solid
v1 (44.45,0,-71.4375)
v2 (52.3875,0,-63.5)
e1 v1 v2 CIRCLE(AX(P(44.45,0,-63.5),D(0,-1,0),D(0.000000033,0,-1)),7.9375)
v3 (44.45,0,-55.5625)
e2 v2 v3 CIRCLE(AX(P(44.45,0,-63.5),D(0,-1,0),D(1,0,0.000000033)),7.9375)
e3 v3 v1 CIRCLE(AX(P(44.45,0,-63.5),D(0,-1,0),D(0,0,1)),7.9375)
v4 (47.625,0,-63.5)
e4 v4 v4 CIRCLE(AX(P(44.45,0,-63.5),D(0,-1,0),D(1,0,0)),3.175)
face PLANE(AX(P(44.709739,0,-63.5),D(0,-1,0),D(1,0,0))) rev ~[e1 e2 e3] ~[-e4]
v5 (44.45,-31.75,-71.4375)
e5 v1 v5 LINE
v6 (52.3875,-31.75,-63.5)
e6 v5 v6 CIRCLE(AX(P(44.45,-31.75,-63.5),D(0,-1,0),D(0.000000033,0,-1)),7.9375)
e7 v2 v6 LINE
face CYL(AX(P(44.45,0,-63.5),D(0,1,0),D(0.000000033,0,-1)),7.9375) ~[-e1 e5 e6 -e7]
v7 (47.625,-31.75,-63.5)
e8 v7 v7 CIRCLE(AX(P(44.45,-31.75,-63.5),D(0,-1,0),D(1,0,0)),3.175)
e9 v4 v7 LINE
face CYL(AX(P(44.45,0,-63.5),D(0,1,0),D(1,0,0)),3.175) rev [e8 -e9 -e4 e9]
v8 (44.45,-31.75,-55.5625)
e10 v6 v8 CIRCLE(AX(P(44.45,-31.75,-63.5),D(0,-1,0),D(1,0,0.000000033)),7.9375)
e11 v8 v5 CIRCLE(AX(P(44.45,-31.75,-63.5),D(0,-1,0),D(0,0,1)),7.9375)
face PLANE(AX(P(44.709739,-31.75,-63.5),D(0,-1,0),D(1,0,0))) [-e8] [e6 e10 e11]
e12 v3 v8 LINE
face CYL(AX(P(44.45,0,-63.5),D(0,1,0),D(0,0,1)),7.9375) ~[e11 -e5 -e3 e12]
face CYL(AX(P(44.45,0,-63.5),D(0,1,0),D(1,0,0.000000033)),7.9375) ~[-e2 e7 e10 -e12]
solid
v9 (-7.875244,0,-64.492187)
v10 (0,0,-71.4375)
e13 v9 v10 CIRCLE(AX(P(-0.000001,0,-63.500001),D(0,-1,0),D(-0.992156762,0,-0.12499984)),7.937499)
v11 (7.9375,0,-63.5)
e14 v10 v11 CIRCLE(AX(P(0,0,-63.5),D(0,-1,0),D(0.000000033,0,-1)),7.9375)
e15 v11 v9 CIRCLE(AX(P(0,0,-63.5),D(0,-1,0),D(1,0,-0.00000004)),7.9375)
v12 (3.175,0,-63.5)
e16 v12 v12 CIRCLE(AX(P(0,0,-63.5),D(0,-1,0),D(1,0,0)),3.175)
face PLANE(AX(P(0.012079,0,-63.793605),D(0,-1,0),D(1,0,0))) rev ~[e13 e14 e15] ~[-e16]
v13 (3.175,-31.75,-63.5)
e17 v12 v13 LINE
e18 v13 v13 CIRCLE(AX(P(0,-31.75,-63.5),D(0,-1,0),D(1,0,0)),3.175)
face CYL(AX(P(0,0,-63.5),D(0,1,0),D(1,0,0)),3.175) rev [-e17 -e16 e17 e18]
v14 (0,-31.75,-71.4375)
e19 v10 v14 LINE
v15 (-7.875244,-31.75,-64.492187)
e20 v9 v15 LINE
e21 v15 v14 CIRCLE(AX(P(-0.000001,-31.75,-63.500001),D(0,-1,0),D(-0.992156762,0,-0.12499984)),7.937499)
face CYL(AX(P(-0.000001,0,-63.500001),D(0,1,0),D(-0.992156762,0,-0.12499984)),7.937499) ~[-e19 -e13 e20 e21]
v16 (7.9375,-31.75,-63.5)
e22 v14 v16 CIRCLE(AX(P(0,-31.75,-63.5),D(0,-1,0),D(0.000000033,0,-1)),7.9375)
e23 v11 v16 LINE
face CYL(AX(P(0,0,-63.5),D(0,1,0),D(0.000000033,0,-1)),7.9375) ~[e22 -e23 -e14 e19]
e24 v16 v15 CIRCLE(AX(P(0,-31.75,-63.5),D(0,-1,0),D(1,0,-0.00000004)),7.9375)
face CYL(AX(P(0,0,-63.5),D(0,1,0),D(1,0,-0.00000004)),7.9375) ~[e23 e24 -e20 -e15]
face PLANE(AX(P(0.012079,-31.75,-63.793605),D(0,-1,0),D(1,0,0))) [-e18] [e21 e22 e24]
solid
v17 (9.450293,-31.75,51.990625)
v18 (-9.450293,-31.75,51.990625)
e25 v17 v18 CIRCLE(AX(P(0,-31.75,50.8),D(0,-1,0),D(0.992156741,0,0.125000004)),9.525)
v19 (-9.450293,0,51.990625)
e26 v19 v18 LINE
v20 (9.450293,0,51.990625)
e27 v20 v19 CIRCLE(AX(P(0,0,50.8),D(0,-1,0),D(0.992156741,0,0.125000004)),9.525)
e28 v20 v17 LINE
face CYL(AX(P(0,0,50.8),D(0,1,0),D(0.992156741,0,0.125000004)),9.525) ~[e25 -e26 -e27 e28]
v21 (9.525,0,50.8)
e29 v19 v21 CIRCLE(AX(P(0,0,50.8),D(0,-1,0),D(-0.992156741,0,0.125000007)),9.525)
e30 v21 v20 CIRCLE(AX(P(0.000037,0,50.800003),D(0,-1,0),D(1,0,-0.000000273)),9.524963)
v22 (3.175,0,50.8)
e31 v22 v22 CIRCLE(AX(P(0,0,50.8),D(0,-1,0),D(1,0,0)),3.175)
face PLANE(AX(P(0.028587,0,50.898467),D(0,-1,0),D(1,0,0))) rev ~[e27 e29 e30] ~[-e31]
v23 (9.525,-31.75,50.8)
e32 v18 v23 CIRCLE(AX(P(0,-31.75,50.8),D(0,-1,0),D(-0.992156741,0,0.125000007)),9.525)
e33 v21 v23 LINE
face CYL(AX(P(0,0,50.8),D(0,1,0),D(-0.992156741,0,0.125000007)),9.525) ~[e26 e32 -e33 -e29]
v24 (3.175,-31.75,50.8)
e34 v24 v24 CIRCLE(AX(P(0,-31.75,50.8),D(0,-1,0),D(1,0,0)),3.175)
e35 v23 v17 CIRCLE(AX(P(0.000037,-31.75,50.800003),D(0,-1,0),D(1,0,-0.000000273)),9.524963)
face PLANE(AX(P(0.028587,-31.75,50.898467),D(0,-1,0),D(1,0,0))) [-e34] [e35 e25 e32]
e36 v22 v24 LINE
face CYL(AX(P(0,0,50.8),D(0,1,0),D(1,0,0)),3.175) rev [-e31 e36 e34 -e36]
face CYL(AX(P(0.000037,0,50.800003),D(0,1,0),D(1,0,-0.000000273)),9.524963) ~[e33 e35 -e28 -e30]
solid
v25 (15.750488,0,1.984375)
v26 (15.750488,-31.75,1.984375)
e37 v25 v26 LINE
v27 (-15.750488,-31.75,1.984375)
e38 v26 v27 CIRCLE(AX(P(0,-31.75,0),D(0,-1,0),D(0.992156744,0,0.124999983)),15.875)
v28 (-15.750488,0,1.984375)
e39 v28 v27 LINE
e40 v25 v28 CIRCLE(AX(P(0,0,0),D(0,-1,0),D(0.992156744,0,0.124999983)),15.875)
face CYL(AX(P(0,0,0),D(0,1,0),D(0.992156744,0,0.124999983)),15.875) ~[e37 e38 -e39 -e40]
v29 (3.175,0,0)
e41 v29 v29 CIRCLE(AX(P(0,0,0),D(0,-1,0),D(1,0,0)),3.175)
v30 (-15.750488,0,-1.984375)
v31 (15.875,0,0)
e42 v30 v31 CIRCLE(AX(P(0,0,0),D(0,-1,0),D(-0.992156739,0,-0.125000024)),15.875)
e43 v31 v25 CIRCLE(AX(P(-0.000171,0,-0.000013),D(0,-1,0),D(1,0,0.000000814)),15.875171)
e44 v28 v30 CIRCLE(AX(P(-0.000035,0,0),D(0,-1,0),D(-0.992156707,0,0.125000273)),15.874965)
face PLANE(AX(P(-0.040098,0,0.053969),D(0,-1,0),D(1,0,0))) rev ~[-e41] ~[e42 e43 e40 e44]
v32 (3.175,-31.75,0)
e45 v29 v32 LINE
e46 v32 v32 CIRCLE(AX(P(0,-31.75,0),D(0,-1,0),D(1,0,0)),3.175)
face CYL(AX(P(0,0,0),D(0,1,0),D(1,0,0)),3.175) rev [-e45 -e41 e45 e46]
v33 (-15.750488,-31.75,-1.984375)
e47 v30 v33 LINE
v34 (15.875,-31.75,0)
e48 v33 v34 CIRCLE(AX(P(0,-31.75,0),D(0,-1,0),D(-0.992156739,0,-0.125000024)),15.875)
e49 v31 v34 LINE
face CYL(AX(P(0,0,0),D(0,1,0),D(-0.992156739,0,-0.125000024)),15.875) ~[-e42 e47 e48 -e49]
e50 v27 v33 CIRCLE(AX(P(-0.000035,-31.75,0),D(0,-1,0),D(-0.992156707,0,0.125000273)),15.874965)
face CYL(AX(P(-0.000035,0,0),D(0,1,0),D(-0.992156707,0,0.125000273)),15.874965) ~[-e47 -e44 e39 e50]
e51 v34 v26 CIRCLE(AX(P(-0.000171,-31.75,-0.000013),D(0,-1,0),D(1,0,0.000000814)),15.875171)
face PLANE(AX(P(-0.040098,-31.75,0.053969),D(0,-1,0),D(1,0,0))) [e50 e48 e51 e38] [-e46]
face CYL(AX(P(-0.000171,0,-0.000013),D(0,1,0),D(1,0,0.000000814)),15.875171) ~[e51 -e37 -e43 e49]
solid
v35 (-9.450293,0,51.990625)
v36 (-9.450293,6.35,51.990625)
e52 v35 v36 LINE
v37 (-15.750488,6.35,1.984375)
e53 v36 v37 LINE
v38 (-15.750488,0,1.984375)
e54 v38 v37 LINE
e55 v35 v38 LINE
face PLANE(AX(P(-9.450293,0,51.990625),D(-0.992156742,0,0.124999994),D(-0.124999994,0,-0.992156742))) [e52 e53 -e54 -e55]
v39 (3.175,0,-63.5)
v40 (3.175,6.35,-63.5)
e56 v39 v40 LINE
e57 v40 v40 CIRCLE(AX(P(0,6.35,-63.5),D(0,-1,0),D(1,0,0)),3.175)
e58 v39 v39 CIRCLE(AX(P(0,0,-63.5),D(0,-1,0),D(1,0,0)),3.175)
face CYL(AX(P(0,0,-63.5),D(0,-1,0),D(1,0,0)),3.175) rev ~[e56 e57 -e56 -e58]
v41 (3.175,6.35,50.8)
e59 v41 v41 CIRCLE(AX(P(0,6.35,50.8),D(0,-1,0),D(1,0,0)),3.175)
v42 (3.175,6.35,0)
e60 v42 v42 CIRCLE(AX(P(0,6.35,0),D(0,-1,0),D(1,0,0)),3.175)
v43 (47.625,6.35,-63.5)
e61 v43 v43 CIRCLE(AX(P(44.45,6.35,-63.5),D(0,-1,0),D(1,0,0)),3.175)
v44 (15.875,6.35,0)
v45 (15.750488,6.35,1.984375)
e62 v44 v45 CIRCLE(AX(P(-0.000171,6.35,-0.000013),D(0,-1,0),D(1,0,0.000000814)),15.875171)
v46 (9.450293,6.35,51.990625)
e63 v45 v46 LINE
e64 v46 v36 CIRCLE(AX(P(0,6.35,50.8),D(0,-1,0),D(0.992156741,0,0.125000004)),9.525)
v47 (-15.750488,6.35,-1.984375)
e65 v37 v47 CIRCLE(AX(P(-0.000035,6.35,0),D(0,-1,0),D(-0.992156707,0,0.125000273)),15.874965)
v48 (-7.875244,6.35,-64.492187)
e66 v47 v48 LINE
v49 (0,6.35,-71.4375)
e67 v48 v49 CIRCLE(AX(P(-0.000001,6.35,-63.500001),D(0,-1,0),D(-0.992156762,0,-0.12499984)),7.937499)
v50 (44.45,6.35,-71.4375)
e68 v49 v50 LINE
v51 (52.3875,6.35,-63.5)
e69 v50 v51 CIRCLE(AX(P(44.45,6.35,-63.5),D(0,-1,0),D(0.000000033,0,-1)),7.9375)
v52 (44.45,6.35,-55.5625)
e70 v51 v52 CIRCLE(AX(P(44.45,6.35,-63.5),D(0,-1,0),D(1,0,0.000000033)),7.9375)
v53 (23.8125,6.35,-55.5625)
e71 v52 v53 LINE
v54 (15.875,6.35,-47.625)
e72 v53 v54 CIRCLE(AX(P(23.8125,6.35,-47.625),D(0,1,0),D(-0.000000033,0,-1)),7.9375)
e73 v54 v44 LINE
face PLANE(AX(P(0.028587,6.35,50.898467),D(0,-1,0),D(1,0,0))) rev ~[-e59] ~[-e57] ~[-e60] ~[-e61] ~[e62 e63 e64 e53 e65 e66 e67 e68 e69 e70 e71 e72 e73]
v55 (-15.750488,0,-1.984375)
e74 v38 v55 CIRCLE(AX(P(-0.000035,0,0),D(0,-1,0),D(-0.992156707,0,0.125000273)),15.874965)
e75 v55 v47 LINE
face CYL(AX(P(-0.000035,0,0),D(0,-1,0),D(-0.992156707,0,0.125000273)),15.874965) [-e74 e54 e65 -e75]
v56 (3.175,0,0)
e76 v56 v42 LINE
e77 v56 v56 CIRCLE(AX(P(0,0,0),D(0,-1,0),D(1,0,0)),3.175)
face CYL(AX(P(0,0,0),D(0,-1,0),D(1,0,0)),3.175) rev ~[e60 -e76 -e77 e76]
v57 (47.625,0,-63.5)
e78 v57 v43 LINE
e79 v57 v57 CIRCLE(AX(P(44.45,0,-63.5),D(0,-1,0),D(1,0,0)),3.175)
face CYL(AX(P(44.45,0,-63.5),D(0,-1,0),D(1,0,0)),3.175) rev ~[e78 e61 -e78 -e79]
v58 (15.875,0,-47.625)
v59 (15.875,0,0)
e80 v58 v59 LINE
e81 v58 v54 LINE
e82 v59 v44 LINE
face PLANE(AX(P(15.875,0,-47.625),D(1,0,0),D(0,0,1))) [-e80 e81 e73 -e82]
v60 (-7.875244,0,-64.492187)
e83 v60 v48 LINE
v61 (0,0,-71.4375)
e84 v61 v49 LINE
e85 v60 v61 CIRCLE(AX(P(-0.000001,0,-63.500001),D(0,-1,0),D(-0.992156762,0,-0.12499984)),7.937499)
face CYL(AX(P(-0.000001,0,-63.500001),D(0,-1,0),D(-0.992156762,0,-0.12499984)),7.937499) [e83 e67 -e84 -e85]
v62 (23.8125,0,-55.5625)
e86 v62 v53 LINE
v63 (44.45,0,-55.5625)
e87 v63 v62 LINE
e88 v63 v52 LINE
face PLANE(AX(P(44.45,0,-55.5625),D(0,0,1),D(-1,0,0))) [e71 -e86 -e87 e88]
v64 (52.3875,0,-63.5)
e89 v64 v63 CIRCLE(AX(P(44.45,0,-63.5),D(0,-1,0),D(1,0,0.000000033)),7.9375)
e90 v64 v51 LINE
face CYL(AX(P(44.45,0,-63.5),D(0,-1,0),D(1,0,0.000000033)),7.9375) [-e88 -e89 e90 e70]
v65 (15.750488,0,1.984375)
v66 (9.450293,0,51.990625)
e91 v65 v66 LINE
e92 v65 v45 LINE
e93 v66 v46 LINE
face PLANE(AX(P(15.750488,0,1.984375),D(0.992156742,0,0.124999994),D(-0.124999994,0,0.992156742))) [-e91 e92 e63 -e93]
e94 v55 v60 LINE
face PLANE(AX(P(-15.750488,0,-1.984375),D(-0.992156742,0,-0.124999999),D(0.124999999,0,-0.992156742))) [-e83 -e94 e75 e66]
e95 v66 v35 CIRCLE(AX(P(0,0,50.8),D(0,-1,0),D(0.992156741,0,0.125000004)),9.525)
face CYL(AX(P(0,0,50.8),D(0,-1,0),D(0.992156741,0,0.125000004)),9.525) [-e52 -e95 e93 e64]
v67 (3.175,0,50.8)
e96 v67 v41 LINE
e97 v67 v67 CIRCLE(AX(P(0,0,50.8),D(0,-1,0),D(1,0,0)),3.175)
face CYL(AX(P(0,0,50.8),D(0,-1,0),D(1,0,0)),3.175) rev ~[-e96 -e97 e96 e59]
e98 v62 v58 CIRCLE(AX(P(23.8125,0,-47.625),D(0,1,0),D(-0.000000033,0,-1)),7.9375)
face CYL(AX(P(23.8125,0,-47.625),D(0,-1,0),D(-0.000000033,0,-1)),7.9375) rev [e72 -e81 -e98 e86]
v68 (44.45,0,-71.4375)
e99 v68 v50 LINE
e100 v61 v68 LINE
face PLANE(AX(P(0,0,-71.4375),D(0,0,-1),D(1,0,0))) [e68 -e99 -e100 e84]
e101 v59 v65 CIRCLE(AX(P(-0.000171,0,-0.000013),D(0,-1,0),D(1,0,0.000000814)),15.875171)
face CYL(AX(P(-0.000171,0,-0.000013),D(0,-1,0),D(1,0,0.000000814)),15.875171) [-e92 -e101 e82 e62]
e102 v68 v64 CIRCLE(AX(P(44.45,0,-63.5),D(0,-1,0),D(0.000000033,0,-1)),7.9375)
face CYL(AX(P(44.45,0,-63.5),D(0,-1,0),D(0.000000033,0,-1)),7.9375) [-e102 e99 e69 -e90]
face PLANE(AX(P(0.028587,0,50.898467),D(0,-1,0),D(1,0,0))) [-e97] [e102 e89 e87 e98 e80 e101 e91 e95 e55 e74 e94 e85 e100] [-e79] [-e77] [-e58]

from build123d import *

# Parameters (mm, degrees)
F0_R     = 3.175
F1_DEPTH = 31.75
F2_DEPTH = 6.35


with BuildPart() as f1:
    # F0 (on Front) → F1 (new body)
    with BuildSketch(Plane.XZ):
        with BuildLine():
            ThreePointArc((9.525, 50.8), (9.506305, 51.396483), (9.450293, 51.990625))
            ThreePointArc((9.450293, 51.990625), (0, 60.325), (-9.450293, 51.990625))
            ThreePointArc((-9.450293, 51.990625), (-0.596483, 41.293695), (9.525, 50.8))
        make_face()
        with Locations((0, 50.8)):
            Circle(F0_R, mode=Mode.SUBTRACT)
        with BuildLine():
            ThreePointArc((7.9375, -63.5), (-0.497069, -55.578079), (-7.875244, -64.492187))
            ThreePointArc((-7.875244, -64.492187), (-5.250163, -69.453125), (0, -71.4375))
            ThreePointArc((0, -71.4375), (5.61266, -69.11266), (7.9375, -63.5))
        make_face()
        with Locations((0, -63.5)):
            Circle(F0_R, mode=Mode.SUBTRACT)
        with BuildLine():
            ThreePointArc((52.3875, -63.5), (50.06266, -57.88734), (44.45, -55.5625))
            ThreePointArc((44.45, -55.5625), (36.5125, -63.5), (44.45, -71.4375))
            ThreePointArc((44.45, -71.4375), (50.06266, -69.11266), (52.3875, -63.5))
        make_face()
        with Locations((44.45, -63.5)):
            Circle(F0_R, mode=Mode.SUBTRACT)
        with BuildLine():
            ThreePointArc((-15.750488, -1.984375), (0.994139, -15.843841), (15.875, 0))
            ThreePointArc((15.875, 0), (15.843841, 0.994139), (15.750488, 1.984375))
            ThreePointArc((15.750488, 1.984375), (0, 15.875), (-15.750488, 1.984375))
            ThreePointArc((-15.750488, 1.984375), (-15.875, 0), (-15.750488, -1.984375))
        make_face()
        Circle(F0_R, mode=Mode.SUBTRACT)
    extrude(amount=F1_DEPTH)


with BuildPart() as f2:
    # F0 (on Front) → F2 (new body)
    with BuildSketch(Plane.XZ):
        with BuildLine():
            ThreePointArc((9.525, 50.8), (9.506305, 51.396483), (9.450293, 51.990625))
            ThreePointArc((9.450293, 51.990625), (0, 60.325), (-9.450293, 51.990625))
            ThreePointArc((-9.450293, 51.990625), (-0.596483, 41.293695), (9.525, 50.8))
        make_face()
        with Locations((0, 50.8)):
            Circle(F0_R, mode=Mode.SUBTRACT)
        with BuildLine():
            ThreePointArc((-15.750488, 1.984375), (0, 15.875), (15.750488, 1.984375))
            Line((15.750488, 1.984375), (9.450293, 51.990625))
            ThreePointArc((9.450293, 51.990625), (9.506305, 51.396483), (9.525, 50.8))
            ThreePointArc((9.525, 50.8), (-0.596483, 41.293695), (-9.450293, 51.990625))
            Line((-9.450293, 51.990625), (-15.750488, 1.984375))
        make_face()
        with BuildLine():
            ThreePointArc((-15.750488, -1.984375), (0.994139, -15.843841), (15.875, 0))
            ThreePointArc((15.875, 0), (15.843841, 0.994139), (15.750488, 1.984375))
            ThreePointArc((15.750488, 1.984375), (0, 15.875), (-15.750488, 1.984375))
            ThreePointArc((-15.750488, 1.984375), (-15.875, 0), (-15.750488, -1.984375))
        make_face()
        Circle(F0_R, mode=Mode.SUBTRACT)
        with BuildLine():
            Line((15.875, -47.625), (15.875, 0))
            ThreePointArc((15.875, 0), (0.994139, -15.843841), (-15.750488, -1.984375))
            Line((-15.750488, -1.984375), (-7.875244, -64.492187))
            ThreePointArc((-7.875244, -64.492187), (-0.497069, -55.578079), (7.9375, -63.5))
            ThreePointArc((7.9375, -63.5), (5.61266, -69.11266), (0, -71.4375))
            Line((0, -71.4375), (44.45, -71.4375))
            ThreePointArc((44.45, -71.4375), (36.5125, -63.5), (44.45, -55.5625))
            Line((44.45, -55.5625), (23.8125, -55.5625))
            ThreePointArc((23.8125, -55.5625), (18.19984, -53.23766), (15.875, -47.625))
        make_face()
        with BuildLine():
            ThreePointArc((7.9375, -63.5), (-0.497069, -55.578079), (-7.875244, -64.492187))
            ThreePointArc((-7.875244, -64.492187), (-5.250163, -69.453125), (0, -71.4375))
            ThreePointArc((0, -71.4375), (5.61266, -69.11266), (7.9375, -63.5))
        make_face()
        with Locations((0, -63.5)):
            Circle(F0_R, mode=Mode.SUBTRACT)
        with BuildLine():
            ThreePointArc((52.3875, -63.5), (50.06266, -57.88734), (44.45, -55.5625))
            ThreePointArc((44.45, -55.5625), (36.5125, -63.5), (44.45, -71.4375))
            ThreePointArc((44.45, -71.4375), (50.06266, -69.11266), (52.3875, -63.5))
        make_face()
        with Locations((44.45, -63.5)):
            Circle(F0_R, mode=Mode.SUBTRACT)
    extrude(amount=-F2_DEPTH)


solid = Compound([f1.part, f2.part])
